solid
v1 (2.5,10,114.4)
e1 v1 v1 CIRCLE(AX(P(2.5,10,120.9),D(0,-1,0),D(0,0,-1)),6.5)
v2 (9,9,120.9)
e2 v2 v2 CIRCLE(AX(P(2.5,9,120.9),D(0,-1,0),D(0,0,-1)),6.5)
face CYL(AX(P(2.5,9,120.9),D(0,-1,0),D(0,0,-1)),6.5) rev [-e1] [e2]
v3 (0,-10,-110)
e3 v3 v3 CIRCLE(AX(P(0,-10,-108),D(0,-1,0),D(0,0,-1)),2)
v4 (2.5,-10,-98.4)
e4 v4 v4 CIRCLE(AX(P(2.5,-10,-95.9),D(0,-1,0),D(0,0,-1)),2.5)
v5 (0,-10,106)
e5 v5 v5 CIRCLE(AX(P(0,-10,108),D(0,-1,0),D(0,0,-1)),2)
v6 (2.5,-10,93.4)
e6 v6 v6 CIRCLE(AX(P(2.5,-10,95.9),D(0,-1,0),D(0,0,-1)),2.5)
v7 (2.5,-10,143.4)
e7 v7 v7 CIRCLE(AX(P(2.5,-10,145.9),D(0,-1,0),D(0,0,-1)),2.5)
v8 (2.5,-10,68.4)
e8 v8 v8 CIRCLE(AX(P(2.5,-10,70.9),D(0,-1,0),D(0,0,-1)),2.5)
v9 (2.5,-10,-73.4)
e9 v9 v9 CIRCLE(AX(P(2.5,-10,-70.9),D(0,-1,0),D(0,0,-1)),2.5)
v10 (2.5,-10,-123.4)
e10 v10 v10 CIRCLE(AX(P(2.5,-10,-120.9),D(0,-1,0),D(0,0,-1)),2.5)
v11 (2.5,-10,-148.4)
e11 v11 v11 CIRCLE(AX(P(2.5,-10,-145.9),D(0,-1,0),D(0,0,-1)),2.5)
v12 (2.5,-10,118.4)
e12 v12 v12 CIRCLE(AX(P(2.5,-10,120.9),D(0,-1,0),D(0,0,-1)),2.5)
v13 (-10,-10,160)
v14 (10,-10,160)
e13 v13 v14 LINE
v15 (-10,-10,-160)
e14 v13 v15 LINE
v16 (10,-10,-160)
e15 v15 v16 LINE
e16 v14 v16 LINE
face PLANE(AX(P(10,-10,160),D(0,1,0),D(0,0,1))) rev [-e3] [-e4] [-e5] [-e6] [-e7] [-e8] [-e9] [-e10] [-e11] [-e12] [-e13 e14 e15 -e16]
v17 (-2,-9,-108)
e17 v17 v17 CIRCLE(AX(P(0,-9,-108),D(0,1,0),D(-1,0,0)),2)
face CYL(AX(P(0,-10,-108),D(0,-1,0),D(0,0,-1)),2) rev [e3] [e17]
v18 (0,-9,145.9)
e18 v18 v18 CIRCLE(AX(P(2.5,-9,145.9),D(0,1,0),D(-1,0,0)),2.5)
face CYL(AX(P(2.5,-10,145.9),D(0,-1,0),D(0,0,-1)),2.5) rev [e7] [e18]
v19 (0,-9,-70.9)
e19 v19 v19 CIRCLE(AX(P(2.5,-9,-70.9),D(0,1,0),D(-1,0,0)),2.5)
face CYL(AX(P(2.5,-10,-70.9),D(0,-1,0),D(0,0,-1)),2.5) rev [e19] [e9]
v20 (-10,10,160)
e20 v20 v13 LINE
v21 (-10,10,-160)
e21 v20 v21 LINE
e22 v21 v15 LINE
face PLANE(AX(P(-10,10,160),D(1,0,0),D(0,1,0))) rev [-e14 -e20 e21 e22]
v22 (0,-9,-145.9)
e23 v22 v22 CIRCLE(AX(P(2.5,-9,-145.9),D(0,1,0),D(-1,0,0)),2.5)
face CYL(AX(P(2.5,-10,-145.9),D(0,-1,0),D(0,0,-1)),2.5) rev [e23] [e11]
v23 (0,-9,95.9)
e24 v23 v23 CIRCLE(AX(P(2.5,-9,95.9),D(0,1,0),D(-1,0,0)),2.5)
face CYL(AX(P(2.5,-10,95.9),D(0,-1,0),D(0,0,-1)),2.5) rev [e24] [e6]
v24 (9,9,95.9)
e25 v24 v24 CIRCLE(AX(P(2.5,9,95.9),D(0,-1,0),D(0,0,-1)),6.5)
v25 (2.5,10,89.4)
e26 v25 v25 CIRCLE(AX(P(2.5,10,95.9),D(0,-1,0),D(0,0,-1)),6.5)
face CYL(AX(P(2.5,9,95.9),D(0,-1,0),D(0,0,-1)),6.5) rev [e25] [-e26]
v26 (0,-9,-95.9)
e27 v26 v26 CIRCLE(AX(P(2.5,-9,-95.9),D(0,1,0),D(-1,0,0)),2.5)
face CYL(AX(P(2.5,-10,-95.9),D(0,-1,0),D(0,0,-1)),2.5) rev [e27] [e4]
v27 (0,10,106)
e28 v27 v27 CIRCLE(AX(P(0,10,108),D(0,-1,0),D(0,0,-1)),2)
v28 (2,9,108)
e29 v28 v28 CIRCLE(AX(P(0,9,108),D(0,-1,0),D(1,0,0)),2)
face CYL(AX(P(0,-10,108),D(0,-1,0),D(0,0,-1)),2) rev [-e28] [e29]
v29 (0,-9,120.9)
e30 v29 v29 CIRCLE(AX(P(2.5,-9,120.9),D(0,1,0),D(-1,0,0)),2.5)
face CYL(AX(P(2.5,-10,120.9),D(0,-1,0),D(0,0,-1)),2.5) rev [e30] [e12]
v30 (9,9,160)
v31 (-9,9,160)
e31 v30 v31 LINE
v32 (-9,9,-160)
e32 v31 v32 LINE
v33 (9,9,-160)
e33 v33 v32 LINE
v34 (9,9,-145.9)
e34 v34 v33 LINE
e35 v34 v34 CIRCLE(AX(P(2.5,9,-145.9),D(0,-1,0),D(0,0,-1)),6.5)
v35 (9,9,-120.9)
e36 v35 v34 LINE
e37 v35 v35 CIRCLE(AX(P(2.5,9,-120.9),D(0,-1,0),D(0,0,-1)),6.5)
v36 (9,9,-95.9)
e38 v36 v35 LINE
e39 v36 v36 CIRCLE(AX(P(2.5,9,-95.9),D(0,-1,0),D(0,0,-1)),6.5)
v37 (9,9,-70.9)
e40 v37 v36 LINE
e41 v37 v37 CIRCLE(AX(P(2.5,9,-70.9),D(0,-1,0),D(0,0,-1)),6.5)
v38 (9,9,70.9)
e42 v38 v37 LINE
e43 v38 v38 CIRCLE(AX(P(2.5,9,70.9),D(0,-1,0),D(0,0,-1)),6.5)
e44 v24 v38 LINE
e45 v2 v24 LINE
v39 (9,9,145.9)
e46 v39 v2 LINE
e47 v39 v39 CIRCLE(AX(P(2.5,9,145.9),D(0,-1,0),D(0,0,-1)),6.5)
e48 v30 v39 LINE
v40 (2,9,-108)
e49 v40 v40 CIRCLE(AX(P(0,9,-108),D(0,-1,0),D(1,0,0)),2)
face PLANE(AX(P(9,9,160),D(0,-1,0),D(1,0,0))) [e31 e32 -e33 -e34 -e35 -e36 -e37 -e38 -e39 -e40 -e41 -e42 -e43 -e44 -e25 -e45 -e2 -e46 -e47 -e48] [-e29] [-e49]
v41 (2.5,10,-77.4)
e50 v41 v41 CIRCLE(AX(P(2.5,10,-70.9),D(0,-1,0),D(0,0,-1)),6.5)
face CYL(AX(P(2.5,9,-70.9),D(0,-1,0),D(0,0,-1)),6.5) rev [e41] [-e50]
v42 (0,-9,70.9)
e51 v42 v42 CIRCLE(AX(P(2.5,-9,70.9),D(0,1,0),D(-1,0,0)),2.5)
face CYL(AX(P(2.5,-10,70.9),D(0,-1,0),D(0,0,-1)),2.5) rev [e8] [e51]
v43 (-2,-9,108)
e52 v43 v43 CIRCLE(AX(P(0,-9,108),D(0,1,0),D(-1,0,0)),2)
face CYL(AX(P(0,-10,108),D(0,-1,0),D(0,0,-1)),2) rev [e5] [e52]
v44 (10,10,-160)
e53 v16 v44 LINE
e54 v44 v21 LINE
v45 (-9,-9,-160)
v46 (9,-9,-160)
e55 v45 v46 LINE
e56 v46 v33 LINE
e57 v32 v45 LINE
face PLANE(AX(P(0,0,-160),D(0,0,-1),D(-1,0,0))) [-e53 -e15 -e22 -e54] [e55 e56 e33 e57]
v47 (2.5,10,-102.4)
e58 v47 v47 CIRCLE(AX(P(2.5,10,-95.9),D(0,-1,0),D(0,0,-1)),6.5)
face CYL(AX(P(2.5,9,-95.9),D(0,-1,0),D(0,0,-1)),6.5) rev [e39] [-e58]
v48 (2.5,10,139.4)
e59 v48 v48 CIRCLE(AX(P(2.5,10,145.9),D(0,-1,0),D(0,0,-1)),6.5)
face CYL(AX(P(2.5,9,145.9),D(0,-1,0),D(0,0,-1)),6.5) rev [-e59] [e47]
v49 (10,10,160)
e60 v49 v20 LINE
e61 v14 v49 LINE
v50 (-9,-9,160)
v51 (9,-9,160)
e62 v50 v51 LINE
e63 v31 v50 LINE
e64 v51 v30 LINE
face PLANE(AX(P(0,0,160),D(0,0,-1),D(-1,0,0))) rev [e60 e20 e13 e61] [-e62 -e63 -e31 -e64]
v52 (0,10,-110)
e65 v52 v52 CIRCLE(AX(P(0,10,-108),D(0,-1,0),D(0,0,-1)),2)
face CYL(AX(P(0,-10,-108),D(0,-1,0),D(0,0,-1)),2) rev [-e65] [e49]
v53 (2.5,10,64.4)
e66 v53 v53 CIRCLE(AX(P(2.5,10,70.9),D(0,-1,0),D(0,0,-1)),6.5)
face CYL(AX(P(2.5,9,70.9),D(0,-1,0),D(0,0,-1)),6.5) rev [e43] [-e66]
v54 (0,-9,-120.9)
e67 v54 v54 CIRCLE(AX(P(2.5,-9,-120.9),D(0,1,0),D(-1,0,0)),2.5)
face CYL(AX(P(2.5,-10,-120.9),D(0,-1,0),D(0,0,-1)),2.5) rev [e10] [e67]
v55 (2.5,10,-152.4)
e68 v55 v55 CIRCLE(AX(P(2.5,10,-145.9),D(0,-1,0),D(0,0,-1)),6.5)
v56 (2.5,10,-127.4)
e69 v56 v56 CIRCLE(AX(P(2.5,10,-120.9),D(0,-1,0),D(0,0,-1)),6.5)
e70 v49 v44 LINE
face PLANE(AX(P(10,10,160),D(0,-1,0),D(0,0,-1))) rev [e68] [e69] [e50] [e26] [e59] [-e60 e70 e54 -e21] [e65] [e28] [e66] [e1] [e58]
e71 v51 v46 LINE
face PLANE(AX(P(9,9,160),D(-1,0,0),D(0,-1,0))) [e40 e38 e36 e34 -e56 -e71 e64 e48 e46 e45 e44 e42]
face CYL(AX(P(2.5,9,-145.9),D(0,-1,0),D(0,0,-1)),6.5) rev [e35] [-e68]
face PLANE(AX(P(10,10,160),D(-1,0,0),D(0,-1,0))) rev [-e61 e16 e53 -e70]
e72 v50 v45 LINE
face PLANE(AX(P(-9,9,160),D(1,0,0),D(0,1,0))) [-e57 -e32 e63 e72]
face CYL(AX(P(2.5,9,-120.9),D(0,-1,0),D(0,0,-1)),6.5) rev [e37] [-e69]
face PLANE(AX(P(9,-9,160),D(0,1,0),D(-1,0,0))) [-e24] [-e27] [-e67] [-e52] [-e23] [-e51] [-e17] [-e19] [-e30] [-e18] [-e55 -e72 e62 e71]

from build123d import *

# Parameters (mm, degrees)
SKETCH_1_W                  = 20
SKETCH_1_H                  = 20
SKETCH_1_W_2                = 18
SKETCH_1_H_2                = 18
EXTRUDE_1_DEPTH             = 160
HOLE_WIZARD_5_0_5_1_REACH   = 163.555
HOLE_WIZARD_5_0_5_1_BORE_R  = 2.5
PATTERN_LINEAR_1_COUNT      = 2
PATTERN_LINEAR_1_PITCH      = 50
MIRROR_1_COPY_1_REACH       = 163.555
MIRROR_1_COPY_1_SKETCH_R    = 2.5
HOLE_WIZARD_4_0_4_1_D       = 4
HOLE_WIZARD_13_0_13_1_D     = 13
HOLE_WIZARD_13_0_13_1_DEPTH = 1


with BuildPart() as part:
    # 草图1 → 凸台-拉伸1 (new, symmetric)
    with BuildSketch(Plane.XY):
        Rectangle(SKETCH_1_W, SKETCH_1_H)
        Rectangle(SKETCH_1_W_2, SKETCH_1_H_2, mode=Mode.SUBTRACT)
    extrude(amount=EXTRUDE_1_DEPTH, both=True)

    # Ø5.0 (5) 直径孔1 bore → Ø5.0 (5) 直径孔1 (cut, up to next)
    with BuildSketch(Plane(origin=(0, -10, 0), x_dir=(-1, 0, 0), z_dir=(0, -1, 0)), mode=Mode.PRIVATE) as hole_wizard_5_0_5_1_sk1:
        with Locations((-2.5, 145.9)):
            Circle(HOLE_WIZARD_5_0_5_1_BORE_R)
    hole_wizard_5_0_5_1_tool1 = extrude(hole_wizard_5_0_5_1_sk1.sketch, amount=-HOLE_WIZARD_5_0_5_1_REACH, mode=Mode.PRIVATE) & part.part
    # Ø5.0 (5) 直径孔1 bore → Ø5.0 (5) 直径孔1 (cut, up to next)
    with BuildSketch(Plane(origin=(0, -10, 0), x_dir=(-1, 0, 0), z_dir=(0, -1, 0)), mode=Mode.PRIVATE) as hole_wizard_5_0_5_1_sk2:
        with Locations((-2.5, 120.9)):
            Circle(HOLE_WIZARD_5_0_5_1_BORE_R)
    hole_wizard_5_0_5_1_tool2 = extrude(hole_wizard_5_0_5_1_sk2.sketch, amount=-HOLE_WIZARD_5_0_5_1_REACH, mode=Mode.PRIVATE) & part.part
    hole_wizard_5_0_5_1_1 = hole_wizard_5_0_5_1_tool1.solids().sort_by_distance((2.5, -10, -145.9))[0]
    add(hole_wizard_5_0_5_1_1, mode=Mode.SUBTRACT)
    hole_wizard_5_0_5_1_2 = hole_wizard_5_0_5_1_tool2.solids().sort_by_distance((2.5, -10, -120.9))[0]
    add(hole_wizard_5_0_5_1_2, mode=Mode.SUBTRACT)
    hole_wizard_5_0_5_1 = hole_wizard_5_0_5_1_1 + hole_wizard_5_0_5_1_2  # Ø5.0 (5) 直径孔1 as one shape, for the pattern or mirror that repeats it

    # 阵列(线性)1: Ø5.0 (5) 直径孔1 ×2
    with Locations(*[(0, 0, i * PATTERN_LINEAR_1_PITCH) for i in range(1, PATTERN_LINEAR_1_COUNT)]):
        add(hole_wizard_5_0_5_1, mode=Mode.SUBTRACT)

    # 镜向1: Ø5.0 (5) 直径孔1 across plane
    add(hole_wizard_5_0_5_1.mirror(Plane(origin=(0, 0, 0), x_dir=(1, 0, 0), z_dir=(0, 0, -1))), mode=Mode.SUBTRACT)

    # 镜向1 copy 1 sketch → 镜向1 copy 1 (cut, up to next)
    with BuildSketch(Plane(origin=(0, -10, -50), x_dir=(-1, 0, 0), z_dir=(0, -1, 0)), mode=Mode.PRIVATE) as mirror_1_copy_1_sk1:
        with Locations((-2.5, -145.9)):
            Circle(MIRROR_1_COPY_1_SKETCH_R)
    mirror_1_copy_1_tool1 = extrude(mirror_1_copy_1_sk1.sketch, amount=-MIRROR_1_COPY_1_REACH, mode=Mode.PRIVATE) & part.part
    # 镜向1 copy 1 sketch → 镜向1 copy 1 (cut, up to next)
    with BuildSketch(Plane(origin=(0, -10, -50), x_dir=(-1, 0, 0), z_dir=(0, -1, 0)), mode=Mode.PRIVATE) as mirror_1_copy_1_sk2:
        with Locations((-2.5, -120.9)):
            Circle(MIRROR_1_COPY_1_SKETCH_R)
    mirror_1_copy_1_tool2 = extrude(mirror_1_copy_1_sk2.sketch, amount=-MIRROR_1_COPY_1_REACH, mode=Mode.PRIVATE) & part.part
    add(mirror_1_copy_1_tool1.solids().sort_by_distance((2.5, -10, 95.9))[0], mode=Mode.SUBTRACT)
    add(mirror_1_copy_1_tool2.solids().sort_by_distance((2.5, -10, 70.9))[0], mode=Mode.SUBTRACT)

    # Ø4.0 (4) 直径孔1 (through all)
    with Locations(Plane(origin=(0, -10, 0), x_dir=(-1, 0, 0), z_dir=(0, -1, 0))):
        with Locations((0, -108)):
            hole_wizard_4_0_4_1 = Hole(HOLE_WIZARD_4_0_4_1_D / 2)

    # 镜向2: Ø4.0 (4) 直径孔1 across plane
    add(hole_wizard_4_0_4_1.mirror(Plane(origin=(0, 0, 0), x_dir=(1, 0, 0), z_dir=(0, 0, -1))), mode=Mode.SUBTRACT)

    # Ø13.0 (13) 直径孔1
    with Locations(Plane(origin=(0, 9, 0), x_dir=(-1, 0, 0), z_dir=(0, -1, 0))):
        with Locations((-2.5, 145.9), (-2.5, 120.9), (-2.5, 95.9), (-2.5, 70.9)):
            hole_wizard_13_0_13_1 = Hole(HOLE_WIZARD_13_0_13_1_D / 2, depth=HOLE_WIZARD_13_0_13_1_DEPTH)

    # 镜向3: Ø13.0 (13) 直径孔1 across plane
    add(hole_wizard_13_0_13_1.mirror(Plane(origin=(0, 0, 0), x_dir=(1, 0, 0), z_dir=(0, 0, -1))), mode=Mode.SUBTRACT)


solid = part.part
